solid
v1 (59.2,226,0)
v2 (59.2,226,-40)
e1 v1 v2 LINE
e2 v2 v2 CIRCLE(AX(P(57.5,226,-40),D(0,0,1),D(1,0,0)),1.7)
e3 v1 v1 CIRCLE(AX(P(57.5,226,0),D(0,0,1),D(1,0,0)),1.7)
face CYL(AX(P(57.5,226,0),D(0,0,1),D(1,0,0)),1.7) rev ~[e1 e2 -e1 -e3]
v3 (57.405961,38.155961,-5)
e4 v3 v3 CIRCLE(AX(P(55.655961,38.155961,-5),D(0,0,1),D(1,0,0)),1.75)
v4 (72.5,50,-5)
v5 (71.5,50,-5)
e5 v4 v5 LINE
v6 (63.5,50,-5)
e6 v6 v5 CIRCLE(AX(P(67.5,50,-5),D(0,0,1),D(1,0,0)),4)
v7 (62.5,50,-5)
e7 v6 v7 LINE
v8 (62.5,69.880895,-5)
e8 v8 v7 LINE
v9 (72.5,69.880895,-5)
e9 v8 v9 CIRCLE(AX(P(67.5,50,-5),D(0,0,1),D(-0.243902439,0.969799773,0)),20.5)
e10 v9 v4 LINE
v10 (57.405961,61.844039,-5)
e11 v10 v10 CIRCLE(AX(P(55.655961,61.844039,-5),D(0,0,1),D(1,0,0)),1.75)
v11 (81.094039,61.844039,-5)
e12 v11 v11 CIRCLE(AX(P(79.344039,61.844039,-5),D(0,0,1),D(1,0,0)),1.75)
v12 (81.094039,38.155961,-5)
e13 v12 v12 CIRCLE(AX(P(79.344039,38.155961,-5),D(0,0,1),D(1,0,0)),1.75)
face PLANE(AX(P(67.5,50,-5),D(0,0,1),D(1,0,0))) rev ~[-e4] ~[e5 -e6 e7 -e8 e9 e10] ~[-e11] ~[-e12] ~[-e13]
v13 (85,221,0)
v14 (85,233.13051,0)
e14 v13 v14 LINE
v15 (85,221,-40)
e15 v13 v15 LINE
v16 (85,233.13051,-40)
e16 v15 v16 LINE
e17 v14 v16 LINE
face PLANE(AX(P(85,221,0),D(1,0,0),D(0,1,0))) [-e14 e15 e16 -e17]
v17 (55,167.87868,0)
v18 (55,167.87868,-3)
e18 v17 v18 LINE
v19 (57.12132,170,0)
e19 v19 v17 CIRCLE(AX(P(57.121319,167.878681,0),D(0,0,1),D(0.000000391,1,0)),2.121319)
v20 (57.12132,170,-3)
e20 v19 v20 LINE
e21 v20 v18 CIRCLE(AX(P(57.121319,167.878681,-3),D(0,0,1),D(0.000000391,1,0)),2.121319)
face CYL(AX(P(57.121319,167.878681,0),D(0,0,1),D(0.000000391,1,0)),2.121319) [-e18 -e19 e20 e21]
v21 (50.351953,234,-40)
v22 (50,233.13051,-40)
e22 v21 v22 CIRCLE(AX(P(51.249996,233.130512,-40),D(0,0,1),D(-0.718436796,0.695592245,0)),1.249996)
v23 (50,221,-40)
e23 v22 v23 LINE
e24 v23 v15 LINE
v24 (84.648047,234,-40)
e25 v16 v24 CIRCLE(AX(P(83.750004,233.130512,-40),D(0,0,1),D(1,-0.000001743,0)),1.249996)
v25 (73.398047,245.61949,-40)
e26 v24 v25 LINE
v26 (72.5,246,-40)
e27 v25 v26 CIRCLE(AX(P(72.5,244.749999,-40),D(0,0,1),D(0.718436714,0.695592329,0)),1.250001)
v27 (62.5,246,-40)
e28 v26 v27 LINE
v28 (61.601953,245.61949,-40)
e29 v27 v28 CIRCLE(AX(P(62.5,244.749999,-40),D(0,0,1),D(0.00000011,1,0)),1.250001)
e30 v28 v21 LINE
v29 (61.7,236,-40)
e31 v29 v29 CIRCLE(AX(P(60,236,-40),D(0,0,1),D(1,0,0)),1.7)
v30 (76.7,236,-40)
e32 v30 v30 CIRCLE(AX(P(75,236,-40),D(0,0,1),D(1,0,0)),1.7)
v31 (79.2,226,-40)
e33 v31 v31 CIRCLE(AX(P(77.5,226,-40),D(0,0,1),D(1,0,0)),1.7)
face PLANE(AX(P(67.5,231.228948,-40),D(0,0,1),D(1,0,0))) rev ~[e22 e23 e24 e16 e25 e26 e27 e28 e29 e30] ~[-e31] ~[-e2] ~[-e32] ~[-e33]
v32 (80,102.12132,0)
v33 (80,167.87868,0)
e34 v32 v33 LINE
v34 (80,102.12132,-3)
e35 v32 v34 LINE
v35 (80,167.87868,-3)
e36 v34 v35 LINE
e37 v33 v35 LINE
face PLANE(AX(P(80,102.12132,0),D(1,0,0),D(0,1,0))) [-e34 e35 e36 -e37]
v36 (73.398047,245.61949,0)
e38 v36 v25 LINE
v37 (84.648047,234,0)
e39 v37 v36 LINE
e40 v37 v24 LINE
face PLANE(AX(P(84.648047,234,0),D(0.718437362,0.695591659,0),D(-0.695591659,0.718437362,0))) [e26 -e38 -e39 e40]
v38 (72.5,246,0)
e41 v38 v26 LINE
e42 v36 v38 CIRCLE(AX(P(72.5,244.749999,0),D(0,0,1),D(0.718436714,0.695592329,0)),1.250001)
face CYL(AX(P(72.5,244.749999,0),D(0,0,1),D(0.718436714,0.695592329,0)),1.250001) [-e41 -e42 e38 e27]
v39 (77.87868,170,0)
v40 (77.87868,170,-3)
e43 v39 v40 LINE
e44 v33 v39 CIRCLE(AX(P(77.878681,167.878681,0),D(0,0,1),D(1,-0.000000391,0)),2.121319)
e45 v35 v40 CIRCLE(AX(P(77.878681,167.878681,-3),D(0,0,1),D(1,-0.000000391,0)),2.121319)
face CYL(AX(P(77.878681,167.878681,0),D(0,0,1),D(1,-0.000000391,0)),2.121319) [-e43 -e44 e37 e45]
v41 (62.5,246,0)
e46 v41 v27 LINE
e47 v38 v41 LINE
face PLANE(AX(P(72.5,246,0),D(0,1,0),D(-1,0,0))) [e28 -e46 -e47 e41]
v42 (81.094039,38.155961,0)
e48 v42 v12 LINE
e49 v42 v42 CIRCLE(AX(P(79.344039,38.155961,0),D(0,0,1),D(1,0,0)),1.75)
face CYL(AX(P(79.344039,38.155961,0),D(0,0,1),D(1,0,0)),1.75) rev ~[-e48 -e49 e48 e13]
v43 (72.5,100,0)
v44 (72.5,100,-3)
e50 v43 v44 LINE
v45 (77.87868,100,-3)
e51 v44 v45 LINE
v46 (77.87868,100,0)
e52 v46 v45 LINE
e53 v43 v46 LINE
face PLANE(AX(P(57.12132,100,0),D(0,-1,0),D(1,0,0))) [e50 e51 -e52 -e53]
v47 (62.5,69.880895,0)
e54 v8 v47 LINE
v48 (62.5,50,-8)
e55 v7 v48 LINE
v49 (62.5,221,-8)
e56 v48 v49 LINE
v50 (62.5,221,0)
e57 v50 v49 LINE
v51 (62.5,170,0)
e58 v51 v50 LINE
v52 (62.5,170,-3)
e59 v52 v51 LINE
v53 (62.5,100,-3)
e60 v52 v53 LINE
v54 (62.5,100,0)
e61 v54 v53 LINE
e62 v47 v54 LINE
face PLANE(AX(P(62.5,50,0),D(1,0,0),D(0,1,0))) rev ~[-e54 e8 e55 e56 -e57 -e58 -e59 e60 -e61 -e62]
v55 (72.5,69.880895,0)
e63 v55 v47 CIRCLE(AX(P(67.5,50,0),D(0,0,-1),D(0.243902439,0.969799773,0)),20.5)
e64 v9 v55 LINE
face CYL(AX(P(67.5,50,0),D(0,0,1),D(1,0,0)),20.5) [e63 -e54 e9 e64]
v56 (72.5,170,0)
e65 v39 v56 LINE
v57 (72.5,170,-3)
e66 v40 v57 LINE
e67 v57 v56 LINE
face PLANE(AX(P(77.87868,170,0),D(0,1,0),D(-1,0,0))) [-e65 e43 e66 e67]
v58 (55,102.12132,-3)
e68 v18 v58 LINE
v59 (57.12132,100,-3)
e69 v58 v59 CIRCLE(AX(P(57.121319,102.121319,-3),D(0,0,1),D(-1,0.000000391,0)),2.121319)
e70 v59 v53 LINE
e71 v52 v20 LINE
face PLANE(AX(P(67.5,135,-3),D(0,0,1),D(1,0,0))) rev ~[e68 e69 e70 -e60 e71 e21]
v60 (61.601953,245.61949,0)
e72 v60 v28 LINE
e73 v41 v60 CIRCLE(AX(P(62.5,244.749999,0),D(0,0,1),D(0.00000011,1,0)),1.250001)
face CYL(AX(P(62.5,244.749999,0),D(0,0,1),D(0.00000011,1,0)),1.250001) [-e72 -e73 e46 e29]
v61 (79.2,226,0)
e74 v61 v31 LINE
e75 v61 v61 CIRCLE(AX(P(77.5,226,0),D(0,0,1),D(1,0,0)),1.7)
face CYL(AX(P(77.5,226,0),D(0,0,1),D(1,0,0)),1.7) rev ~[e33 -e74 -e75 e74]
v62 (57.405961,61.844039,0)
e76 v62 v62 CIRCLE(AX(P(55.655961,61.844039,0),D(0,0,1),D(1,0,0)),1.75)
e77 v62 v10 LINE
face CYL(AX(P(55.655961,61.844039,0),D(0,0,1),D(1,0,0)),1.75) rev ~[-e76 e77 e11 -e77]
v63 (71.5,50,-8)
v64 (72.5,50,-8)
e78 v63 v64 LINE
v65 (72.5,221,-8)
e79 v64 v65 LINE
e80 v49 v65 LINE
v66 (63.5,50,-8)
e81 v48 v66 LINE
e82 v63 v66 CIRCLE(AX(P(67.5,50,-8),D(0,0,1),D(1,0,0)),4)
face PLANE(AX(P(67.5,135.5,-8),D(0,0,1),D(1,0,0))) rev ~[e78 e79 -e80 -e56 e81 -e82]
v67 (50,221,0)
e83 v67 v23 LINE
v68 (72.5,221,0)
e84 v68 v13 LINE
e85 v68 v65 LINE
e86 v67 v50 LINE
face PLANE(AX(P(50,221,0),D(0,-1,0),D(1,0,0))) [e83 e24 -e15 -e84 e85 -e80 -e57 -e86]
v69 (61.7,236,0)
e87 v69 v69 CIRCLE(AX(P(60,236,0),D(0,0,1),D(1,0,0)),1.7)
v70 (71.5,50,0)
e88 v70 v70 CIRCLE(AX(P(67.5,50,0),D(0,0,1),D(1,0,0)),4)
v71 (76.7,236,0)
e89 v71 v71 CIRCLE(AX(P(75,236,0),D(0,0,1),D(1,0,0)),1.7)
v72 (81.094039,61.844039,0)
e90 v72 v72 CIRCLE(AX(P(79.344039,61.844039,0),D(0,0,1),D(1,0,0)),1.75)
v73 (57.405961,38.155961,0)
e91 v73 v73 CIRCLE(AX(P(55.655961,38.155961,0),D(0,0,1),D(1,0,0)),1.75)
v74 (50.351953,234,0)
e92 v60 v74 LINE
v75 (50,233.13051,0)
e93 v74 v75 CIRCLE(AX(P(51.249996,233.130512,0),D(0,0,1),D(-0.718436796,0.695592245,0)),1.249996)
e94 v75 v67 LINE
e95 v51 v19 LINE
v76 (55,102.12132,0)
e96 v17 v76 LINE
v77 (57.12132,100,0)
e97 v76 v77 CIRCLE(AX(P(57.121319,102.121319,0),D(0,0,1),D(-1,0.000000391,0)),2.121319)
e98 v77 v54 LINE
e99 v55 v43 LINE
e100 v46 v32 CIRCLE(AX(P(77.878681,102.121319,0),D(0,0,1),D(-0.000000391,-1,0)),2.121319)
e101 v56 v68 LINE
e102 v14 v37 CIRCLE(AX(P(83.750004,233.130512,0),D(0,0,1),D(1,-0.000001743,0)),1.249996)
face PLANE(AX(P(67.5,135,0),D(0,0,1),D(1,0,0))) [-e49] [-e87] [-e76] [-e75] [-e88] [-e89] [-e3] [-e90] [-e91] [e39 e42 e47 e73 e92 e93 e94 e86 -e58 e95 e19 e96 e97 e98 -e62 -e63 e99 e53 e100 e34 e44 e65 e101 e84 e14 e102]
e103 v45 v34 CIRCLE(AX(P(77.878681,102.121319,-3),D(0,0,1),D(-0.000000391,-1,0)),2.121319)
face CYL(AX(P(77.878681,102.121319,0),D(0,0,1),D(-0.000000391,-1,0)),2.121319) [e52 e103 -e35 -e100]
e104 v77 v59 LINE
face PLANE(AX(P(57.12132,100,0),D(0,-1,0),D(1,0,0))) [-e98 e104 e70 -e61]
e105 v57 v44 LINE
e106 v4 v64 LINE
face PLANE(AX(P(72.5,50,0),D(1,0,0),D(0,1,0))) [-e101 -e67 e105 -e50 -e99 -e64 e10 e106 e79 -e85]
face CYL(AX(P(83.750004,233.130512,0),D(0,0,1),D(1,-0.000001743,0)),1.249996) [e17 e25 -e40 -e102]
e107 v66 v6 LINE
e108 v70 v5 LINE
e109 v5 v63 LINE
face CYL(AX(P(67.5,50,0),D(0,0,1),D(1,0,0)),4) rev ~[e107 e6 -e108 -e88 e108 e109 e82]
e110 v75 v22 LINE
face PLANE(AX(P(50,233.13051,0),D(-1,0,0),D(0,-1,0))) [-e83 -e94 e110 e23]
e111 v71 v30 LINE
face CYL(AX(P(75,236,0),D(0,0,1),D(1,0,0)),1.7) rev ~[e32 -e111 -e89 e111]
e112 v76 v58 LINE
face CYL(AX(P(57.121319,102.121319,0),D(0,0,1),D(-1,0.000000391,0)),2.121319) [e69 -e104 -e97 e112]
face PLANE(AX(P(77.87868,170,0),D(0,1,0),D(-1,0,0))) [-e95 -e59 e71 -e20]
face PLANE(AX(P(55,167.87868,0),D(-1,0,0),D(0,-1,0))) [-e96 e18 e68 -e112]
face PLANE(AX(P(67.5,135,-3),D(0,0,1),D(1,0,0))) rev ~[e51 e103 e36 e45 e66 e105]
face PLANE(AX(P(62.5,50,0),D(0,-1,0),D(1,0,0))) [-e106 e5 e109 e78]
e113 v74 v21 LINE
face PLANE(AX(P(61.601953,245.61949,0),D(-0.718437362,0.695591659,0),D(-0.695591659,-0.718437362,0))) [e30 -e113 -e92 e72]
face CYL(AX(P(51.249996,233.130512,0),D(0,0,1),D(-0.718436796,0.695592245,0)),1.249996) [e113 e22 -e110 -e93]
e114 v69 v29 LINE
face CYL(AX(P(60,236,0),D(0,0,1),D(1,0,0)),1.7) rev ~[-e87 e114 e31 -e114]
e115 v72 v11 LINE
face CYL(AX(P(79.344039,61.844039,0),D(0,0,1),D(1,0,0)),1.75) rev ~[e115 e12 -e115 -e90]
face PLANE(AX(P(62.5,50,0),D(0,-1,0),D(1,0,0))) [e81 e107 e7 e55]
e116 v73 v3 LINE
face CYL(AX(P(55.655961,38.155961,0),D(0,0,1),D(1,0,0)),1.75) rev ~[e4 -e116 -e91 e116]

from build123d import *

# Parameters (mm, degrees)
SKETCH_W      = 10
SKETCH_H      = 171
PAD_DEPTH     = 8
SKETCH001_R   = 20.5
PAD001_DEPTH  = 5
PAD002_DEPTH  = 40
SKETCH004_R   = 1.7
HOLE_DEPTH    = 40.001
PAD003_DEPTH  = 3
SKETCH006_R   = 1.75
SKETCH006_R_2 = 4
POCKET_DEPTH  = 40.001


with BuildPart() as part:
    # Sketch → Pad (new body)
    with BuildSketch(Plane.XY):
        with Locations((67.5, 135.5)):
            Rectangle(SKETCH_W, SKETCH_H)
    extrude(amount=-PAD_DEPTH)

    # Sketch001 → Pad001 (join)
    with BuildSketch(Plane.XY):
        with Locations((67.5, 50)):
            Circle(SKETCH001_R)
    extrude(amount=-PAD001_DEPTH)

    # Sketch003 → Pad002 (join)
    with BuildSketch(Plane.XY):
        with BuildLine():
            Line((50, 221), (85, 221))
            Line((85, 221), (85, 233.13051))
            ThreePointArc((85, 233.13051), (84.908676, 233.599521), (84.648047, 234))
            Line((84.648047, 234), (73.398047, 245.61949))
            ThreePointArc((73.398047, 245.61949), (72.987667, 245.900948), (72.5, 246))
            Line((72.5, 246), (62.5, 246))
            ThreePointArc((62.5, 246), (62.012333, 245.900948), (61.601953, 245.61949))
            Line((61.601953, 245.61949), (50.351953, 234))
            ThreePointArc((50.351953, 234), (50.091324, 233.599521), (50, 233.13051))
            Line((50, 233.13051), (50, 221))
        make_face()
    extrude(amount=-PAD002_DEPTH)

    # Sketch004 → Hole (cut, through all)
    with BuildSketch(Plane.XY):
        with Locations((57.5, 226)):
            Circle(SKETCH004_R)
        with Locations((77.5, 226)):
            Circle(SKETCH004_R)
        with Locations((75, 236)):
            Circle(SKETCH004_R)
        with Locations((60, 236)):
            Circle(SKETCH004_R)
    extrude(amount=-HOLE_DEPTH, mode=Mode.SUBTRACT)

    # Sketch005 → Pad003 (join)
    with BuildSketch(Plane.XY):
        with BuildLine():
            Line((55, 167.87868), (55, 102.12132))
            ThreePointArc((55, 102.12132), (55.62132, 100.62132), (57.12132, 100))
            Line((57.12132, 100), (77.87868, 100))
            ThreePointArc((77.87868, 100), (79.37868, 100.62132), (80, 102.12132))
            Line((80, 102.12132), (80, 167.87868))
            ThreePointArc((80, 167.87868), (79.37868, 169.37868), (77.87868, 170))
            Line((77.87868, 170), (57.12132, 170))
            ThreePointArc((57.12132, 170), (55.62132, 169.37868), (55, 167.87868))
        make_face()
    extrude(amount=-PAD003_DEPTH)

    # Sketch006 → Pocket (cut, through all)
    with BuildSketch(Plane.XY):
        with Locations((79.344039, 38.155961)):
            Circle(SKETCH006_R)
        with Locations((79.344039, 61.844039)):
            Circle(SKETCH006_R)
        with Locations((55.655961, 61.844039)):
            Circle(SKETCH006_R)
        with Locations((55.655961, 38.155961)):
            Circle(SKETCH006_R)
        with Locations((67.5, 50)):
            Circle(SKETCH006_R_2)
    extrude(amount=-POCKET_DEPTH, mode=Mode.SUBTRACT)


solid = part.part
